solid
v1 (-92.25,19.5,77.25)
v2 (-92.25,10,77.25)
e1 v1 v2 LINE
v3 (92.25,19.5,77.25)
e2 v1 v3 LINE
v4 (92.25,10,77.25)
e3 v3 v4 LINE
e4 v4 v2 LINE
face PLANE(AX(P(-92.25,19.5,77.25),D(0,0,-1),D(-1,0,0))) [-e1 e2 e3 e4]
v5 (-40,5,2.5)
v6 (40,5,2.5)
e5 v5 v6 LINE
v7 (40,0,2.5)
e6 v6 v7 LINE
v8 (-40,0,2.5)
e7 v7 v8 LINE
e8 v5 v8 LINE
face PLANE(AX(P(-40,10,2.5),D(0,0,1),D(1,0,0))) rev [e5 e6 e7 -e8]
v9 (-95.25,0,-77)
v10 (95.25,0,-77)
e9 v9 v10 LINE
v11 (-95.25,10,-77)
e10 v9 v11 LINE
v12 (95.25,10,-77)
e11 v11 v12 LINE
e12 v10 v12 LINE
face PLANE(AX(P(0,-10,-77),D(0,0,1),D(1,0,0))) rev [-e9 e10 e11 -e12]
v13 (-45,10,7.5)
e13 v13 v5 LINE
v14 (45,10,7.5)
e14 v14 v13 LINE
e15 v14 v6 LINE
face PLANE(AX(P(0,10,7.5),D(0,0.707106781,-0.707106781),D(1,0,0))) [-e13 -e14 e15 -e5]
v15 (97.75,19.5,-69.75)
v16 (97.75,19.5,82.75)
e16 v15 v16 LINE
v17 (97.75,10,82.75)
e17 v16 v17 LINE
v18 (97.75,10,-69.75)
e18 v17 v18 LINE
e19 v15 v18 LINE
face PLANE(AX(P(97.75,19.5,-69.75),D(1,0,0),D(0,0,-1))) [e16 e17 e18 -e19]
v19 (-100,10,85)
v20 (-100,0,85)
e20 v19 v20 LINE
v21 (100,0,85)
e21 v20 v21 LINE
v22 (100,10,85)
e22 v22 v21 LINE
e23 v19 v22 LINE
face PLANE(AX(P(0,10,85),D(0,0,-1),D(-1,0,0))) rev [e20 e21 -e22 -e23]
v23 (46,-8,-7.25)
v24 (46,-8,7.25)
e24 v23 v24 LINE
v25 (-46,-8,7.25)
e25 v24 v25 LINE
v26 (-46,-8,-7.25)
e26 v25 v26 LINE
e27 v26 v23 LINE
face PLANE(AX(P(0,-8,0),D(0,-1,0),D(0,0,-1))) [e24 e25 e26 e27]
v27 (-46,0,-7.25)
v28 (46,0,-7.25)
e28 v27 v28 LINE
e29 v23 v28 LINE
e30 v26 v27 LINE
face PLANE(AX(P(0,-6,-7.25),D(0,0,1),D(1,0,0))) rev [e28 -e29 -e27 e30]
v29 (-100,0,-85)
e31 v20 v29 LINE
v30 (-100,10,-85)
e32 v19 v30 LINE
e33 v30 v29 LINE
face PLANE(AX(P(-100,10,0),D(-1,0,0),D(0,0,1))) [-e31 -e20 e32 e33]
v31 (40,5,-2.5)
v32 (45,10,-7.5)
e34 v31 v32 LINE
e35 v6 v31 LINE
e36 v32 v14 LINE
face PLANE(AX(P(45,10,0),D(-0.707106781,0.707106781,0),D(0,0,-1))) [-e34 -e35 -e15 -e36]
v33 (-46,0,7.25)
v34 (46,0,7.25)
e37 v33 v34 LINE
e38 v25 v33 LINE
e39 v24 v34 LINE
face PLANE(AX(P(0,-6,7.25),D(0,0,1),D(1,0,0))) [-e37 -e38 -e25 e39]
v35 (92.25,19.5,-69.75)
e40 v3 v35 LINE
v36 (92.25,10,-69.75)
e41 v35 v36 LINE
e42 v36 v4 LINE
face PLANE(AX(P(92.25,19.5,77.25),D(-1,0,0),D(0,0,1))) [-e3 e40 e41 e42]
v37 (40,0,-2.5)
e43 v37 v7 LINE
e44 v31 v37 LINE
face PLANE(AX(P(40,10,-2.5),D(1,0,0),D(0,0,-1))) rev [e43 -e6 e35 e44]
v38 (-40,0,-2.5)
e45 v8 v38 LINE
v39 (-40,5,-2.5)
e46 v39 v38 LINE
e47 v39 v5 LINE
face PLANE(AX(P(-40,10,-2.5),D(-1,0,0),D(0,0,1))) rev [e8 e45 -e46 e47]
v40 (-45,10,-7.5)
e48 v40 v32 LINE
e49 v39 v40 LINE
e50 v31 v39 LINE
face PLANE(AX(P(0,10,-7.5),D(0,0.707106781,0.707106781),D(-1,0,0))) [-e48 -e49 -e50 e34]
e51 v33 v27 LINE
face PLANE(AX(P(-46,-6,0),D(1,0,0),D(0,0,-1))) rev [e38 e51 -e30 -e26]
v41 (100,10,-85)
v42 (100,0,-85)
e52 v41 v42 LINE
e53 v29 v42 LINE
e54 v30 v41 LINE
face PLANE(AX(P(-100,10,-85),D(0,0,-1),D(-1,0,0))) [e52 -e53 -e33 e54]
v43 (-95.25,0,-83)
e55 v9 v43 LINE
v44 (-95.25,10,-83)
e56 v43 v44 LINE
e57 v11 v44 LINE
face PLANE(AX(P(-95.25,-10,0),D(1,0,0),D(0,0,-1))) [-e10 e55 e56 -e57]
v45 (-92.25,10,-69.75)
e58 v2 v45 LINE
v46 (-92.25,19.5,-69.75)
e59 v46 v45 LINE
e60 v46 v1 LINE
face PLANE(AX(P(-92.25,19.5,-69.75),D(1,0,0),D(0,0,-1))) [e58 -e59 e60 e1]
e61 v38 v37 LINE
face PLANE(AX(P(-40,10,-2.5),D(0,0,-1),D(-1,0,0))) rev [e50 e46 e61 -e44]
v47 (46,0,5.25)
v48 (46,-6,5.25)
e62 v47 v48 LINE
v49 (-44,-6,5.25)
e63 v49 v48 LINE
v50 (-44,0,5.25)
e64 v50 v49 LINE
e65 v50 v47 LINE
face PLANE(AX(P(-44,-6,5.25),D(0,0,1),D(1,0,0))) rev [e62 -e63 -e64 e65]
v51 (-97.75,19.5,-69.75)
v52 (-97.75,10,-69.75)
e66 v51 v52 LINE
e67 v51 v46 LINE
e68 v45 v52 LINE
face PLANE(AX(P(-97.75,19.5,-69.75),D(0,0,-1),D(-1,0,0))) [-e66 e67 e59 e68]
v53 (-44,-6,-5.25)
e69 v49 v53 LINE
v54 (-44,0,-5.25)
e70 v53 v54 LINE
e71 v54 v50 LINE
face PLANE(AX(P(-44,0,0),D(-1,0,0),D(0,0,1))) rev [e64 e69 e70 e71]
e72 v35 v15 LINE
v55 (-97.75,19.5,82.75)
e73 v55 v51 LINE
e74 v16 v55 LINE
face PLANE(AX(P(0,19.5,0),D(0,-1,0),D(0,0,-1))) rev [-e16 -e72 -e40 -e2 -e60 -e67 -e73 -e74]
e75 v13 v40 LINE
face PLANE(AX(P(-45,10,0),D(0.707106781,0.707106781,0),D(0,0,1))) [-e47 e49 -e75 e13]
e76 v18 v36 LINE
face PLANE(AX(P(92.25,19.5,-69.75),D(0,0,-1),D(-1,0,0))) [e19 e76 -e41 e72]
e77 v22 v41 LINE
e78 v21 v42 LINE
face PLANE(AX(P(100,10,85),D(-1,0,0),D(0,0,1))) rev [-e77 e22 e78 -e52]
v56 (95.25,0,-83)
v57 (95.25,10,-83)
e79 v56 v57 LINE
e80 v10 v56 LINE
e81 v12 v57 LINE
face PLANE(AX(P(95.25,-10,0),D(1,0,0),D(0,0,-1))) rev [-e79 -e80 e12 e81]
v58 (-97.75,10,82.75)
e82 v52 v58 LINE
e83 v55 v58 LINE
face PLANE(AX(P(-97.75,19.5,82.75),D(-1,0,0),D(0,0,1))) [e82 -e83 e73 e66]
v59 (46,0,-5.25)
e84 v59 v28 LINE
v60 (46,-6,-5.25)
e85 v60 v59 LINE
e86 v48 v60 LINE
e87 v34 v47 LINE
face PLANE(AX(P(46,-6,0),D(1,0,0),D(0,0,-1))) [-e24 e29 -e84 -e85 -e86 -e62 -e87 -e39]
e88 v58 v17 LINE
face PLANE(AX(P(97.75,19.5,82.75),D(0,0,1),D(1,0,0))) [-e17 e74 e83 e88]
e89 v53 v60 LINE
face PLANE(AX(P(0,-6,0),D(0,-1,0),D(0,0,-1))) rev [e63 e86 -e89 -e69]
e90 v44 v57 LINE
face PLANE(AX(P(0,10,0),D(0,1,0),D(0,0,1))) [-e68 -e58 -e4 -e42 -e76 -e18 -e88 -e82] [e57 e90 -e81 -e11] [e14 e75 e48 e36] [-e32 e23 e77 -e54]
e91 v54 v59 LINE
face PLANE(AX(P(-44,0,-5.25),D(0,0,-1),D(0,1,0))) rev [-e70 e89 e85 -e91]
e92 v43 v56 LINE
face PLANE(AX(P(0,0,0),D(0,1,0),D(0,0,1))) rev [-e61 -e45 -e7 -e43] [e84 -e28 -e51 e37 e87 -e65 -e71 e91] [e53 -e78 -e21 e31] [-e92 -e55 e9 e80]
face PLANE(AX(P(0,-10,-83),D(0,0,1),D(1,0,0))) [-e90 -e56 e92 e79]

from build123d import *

# Parameters (mm, degrees)
CROQUIS1_W              = 200
CROQUIS1_H              = 170
SALIENTE_EXTRUIR1_DEPTH = 10
SALIENTE_EXTRUIR2_DEPTH = 19.5
CROQUIS2_W              = 169.5
CROQUIS2_H              = 6
CROQUIS2_W_2            = 5.25
CORTAR_EXTRUIR1_DEPTH   = 20
CROQUIS3_W              = 80
CROQUIS3_H              = 5
CORTAR_EXTRUIR2_DEPTH   = 10
CHAFL_N1_SIZE           = 5
CROQUIS4_W              = 92
CROQUIS4_H              = 14.5
CROQUIS4_W_2            = 86
CROQUIS4_H_2            = 8.5
SALIENTE_EXTRUIR3_DEPTH = 6
CROQUIS5_W              = 92
CROQUIS5_H              = 14.5
SALIENTE_EXTRUIR4_DEPTH = 2
CORTAR_EXTRUIR3_DEPTH   = 90


with BuildPart() as part:
    # Croquis1 → Saliente-Extruir1 (new body)
    with BuildSketch(Plane(origin=(0, 0, 0), x_dir=(1, 0, 0), z_dir=(0, 1, 0))):
        Rectangle(CROQUIS1_W, CROQUIS1_H)
    extrude(amount=SALIENTE_EXTRUIR1_DEPTH)

    # Croquis1<4> → Saliente-Extruir2 (add)
    with BuildSketch(Plane(origin=(0, 0, 0), x_dir=(1, 0, 0), z_dir=(0, 1, 0))):
        Polygon((97.75, 69.75), (97.75, -82.75), (-97.75, -82.75), (-97.75, 69.75), (-92.25, 69.75), (-92.25, -77.25), (92.25, -77.25), (92.25, 69.75), align=None)
    extrude(amount=SALIENTE_EXTRUIR2_DEPTH)

    # Croquis2 → Cortar-Extruir1 (cut)
    with BuildSketch(Plane(origin=(0, 10, 0), x_dir=(1, 0, 0), z_dir=(0, 1, 0))):
        with Locations((0, 80)):
            Rectangle(CROQUIS2_W, CROQUIS2_H)
        with Locations((-87.375, 80)):
            Rectangle(CROQUIS2_W_2, CROQUIS2_H)
        with Locations((-92.625, 80)):
            Rectangle(CROQUIS2_W_2, CROQUIS2_H)
        with Locations((87.375, 80)):
            Rectangle(CROQUIS2_W_2, CROQUIS2_H)
        with Locations((92.625, 80)):
            Rectangle(CROQUIS2_W_2, CROQUIS2_H)
    extrude(amount=-CORTAR_EXTRUIR1_DEPTH, mode=Mode.SUBTRACT)

    # Croquis3 → Cortar-Extruir2 (cut)
    with BuildSketch(Plane.XZ):
        Rectangle(CROQUIS3_W, CROQUIS3_H)
    extrude(amount=-CORTAR_EXTRUIR2_DEPTH, mode=Mode.SUBTRACT)

    # Chaflán1
    chafl_n1_edges = [part.edges().sort_by_distance(p)[0] for p in [
        (0, 10, -2.5),
        (-40, 10, 0),
        (0, 10, 2.5),
        (40, 10, 0),
    ]]
    chamfer(chafl_n1_edges, length=CHAFL_N1_SIZE)

    # Croquis4 → Saliente-Extruir3 (add)
    with BuildSketch(Plane.XZ):
        Rectangle(CROQUIS4_W, CROQUIS4_H)
        Rectangle(CROQUIS4_W_2, CROQUIS4_H_2, mode=Mode.SUBTRACT)
    extrude(amount=SALIENTE_EXTRUIR3_DEPTH)

    # Croquis5 → Saliente-Extruir4 (add)
    with BuildSketch(Plane.XZ.offset(6)):
        Rectangle(CROQUIS5_W, CROQUIS5_H)
    extrude(amount=SALIENTE_EXTRUIR4_DEPTH)

    # Croquis6 → Cortar-Extruir3 (cut)
    with BuildSketch(Plane(origin=(46, 0, 0), x_dir=(0, 0, -1), z_dir=(1, 0, 0))):
        Polygon((5.25, 0), (5.25, -6), (-5.25, -6), (-5.25, 0), (0, 0), align=None)
    extrude(amount=-CORTAR_EXTRUIR3_DEPTH, mode=Mode.SUBTRACT)


solid = part.part
